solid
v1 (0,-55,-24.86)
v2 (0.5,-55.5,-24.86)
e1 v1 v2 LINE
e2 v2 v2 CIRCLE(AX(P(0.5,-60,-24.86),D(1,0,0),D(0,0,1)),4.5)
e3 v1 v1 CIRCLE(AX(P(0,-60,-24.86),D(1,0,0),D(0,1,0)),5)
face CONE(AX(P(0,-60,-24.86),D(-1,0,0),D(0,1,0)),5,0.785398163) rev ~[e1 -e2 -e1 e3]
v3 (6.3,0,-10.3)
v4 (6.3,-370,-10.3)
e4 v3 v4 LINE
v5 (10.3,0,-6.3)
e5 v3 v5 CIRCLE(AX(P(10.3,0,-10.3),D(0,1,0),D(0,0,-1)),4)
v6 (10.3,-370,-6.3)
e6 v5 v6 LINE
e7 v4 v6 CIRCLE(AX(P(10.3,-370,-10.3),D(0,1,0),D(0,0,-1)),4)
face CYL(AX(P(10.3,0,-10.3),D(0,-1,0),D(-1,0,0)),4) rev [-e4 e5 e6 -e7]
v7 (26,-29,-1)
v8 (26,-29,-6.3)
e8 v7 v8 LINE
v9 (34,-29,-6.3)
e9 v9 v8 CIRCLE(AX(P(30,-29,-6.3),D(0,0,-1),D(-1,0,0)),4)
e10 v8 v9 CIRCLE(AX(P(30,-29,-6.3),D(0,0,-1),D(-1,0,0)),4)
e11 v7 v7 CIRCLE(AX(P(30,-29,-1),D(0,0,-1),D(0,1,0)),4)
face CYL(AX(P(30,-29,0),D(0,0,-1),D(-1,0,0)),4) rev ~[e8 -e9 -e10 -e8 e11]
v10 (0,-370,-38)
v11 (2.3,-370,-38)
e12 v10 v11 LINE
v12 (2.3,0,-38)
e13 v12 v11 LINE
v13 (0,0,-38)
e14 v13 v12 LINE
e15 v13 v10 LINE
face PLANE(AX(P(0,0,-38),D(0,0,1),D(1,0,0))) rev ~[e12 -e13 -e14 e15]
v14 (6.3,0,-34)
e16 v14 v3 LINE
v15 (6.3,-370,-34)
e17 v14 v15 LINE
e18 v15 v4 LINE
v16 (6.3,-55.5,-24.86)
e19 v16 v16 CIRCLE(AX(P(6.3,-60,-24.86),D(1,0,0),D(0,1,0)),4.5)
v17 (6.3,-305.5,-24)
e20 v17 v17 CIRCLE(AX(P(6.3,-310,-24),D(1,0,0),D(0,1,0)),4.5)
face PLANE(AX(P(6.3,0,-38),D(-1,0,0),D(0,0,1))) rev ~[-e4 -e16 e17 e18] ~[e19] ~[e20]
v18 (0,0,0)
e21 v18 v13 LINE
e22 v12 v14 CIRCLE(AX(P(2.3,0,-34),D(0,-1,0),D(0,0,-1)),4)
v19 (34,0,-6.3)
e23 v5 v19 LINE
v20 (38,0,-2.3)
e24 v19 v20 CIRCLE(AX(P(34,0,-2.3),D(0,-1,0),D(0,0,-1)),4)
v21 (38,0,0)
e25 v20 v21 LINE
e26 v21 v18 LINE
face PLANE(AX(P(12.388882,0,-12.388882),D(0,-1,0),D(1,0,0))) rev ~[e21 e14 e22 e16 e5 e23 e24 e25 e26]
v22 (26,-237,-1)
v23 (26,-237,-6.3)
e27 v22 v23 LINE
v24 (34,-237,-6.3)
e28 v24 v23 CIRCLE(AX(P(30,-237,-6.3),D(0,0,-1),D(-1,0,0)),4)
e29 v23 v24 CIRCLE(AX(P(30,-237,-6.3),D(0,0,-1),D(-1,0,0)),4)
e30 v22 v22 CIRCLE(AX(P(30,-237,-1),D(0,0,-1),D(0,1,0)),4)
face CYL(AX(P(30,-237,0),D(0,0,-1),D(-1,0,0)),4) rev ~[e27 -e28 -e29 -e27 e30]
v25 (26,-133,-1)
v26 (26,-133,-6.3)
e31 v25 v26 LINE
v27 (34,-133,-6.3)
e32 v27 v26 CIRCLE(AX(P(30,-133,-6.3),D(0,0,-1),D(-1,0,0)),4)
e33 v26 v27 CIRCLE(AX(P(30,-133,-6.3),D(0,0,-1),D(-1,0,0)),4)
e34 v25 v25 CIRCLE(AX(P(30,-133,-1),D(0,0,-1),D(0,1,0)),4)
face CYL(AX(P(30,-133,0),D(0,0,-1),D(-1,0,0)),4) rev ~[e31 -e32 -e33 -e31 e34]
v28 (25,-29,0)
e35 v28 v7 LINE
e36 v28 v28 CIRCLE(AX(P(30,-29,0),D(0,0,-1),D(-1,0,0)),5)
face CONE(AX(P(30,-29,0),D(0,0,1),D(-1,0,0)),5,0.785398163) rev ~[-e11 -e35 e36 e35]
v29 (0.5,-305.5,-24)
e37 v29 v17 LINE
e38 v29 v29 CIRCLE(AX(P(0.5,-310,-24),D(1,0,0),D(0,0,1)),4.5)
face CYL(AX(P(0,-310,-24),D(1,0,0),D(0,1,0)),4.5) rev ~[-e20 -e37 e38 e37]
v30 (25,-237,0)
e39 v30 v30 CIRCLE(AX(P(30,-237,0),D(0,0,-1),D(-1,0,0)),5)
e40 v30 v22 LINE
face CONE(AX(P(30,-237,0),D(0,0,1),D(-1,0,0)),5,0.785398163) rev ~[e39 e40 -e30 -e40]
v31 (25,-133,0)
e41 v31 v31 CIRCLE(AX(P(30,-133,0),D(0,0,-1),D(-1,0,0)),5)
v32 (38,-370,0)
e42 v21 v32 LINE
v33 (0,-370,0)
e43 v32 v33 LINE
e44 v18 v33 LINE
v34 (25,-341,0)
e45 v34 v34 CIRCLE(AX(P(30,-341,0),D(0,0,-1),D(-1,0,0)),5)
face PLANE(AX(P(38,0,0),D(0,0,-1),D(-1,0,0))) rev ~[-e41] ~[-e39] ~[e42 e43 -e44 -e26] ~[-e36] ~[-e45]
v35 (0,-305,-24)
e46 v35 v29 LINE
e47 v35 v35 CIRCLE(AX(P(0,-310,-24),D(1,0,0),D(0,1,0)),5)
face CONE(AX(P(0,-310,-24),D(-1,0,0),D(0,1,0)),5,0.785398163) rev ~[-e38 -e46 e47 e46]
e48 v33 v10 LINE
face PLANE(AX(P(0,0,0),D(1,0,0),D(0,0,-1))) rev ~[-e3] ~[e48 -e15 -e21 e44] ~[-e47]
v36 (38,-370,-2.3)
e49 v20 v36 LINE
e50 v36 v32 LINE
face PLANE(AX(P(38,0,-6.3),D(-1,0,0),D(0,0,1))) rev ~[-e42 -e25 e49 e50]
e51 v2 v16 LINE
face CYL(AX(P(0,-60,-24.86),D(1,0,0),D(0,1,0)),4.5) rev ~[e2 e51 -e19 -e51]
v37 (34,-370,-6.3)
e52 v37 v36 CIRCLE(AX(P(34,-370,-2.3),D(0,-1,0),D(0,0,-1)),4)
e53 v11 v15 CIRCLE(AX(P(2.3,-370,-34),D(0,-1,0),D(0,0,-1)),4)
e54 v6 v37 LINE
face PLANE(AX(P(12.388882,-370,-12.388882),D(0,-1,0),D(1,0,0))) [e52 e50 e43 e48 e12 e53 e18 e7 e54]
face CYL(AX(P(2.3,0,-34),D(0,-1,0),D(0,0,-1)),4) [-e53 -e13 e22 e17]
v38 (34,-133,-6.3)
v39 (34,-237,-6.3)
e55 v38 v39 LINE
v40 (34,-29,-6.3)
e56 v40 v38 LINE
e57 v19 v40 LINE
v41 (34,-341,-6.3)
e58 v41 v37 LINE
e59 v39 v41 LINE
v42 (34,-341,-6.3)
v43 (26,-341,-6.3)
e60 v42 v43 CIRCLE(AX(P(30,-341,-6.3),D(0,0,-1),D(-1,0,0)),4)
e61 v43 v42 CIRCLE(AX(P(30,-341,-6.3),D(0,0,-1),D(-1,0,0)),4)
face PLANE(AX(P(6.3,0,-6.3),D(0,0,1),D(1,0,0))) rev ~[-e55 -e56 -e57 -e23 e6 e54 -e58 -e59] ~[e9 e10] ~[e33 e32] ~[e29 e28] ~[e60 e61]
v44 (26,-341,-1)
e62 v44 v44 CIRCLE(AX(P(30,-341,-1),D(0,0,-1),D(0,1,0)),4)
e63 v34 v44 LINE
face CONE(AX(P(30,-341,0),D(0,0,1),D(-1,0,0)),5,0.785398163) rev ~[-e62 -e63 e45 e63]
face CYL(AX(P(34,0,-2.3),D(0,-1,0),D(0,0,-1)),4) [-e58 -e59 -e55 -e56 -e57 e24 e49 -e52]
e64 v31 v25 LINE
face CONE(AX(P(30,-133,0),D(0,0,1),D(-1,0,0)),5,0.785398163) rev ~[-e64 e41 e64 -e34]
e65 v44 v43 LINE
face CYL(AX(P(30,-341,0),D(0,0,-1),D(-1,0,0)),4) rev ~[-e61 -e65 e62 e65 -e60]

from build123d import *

# Parameters (mm, degrees)
F1_DEPTH       = 370
F2_R           = 4
F3_R           = 4
F5_D           = 8
F5_CSINK_D     = 10
F5_CSINK_ANGLE = 90
F7_D           = 9
F7_CSINK_D     = 10
F7_CSINK_ANGLE = 90


with BuildPart() as f1:
    # F0 (on Front) → F1 (new body)
    with BuildSketch(Plane.XZ):
        Polygon((38, 0), (0, 0), (0, -38), (6.3, -38), (6.3, -6.3), (38, -6.3), align=None)
    extrude(amount=F1_DEPTH)

    # F2
    f2_edges = [f1.edges().sort_by_distance(p)[0] for p in [
        (6.3, -185, -38),
        (38, -185, -6.3),
    ]]
    fillet(f2_edges, radius=F2_R)

    # F3
    f3_edges = [f1.edges().sort_by_distance(p)[0] for p in [
        (6.3, -185, -6.3),
    ]]
    fillet(f3_edges, radius=F3_R)

    # F5 (through all)
    with Locations(Plane.XY):
        with Locations((30, -341), (30, -237), (30, -133), (30, -29)):
            CounterSinkHole(F5_D / 2, F5_CSINK_D / 2, counter_sink_angle=F5_CSINK_ANGLE)

    # F7 (through all)
    with Locations(Plane(origin=(0, 0, 0), x_dir=(0, -1, 0), z_dir=(-1, 0, 0))):
        with Locations((310, -24), (60, -24.86)):
            CounterSinkHole(F7_D / 2, F7_CSINK_D / 2, counter_sink_angle=F7_CSINK_ANGLE)


solid = f1.part
